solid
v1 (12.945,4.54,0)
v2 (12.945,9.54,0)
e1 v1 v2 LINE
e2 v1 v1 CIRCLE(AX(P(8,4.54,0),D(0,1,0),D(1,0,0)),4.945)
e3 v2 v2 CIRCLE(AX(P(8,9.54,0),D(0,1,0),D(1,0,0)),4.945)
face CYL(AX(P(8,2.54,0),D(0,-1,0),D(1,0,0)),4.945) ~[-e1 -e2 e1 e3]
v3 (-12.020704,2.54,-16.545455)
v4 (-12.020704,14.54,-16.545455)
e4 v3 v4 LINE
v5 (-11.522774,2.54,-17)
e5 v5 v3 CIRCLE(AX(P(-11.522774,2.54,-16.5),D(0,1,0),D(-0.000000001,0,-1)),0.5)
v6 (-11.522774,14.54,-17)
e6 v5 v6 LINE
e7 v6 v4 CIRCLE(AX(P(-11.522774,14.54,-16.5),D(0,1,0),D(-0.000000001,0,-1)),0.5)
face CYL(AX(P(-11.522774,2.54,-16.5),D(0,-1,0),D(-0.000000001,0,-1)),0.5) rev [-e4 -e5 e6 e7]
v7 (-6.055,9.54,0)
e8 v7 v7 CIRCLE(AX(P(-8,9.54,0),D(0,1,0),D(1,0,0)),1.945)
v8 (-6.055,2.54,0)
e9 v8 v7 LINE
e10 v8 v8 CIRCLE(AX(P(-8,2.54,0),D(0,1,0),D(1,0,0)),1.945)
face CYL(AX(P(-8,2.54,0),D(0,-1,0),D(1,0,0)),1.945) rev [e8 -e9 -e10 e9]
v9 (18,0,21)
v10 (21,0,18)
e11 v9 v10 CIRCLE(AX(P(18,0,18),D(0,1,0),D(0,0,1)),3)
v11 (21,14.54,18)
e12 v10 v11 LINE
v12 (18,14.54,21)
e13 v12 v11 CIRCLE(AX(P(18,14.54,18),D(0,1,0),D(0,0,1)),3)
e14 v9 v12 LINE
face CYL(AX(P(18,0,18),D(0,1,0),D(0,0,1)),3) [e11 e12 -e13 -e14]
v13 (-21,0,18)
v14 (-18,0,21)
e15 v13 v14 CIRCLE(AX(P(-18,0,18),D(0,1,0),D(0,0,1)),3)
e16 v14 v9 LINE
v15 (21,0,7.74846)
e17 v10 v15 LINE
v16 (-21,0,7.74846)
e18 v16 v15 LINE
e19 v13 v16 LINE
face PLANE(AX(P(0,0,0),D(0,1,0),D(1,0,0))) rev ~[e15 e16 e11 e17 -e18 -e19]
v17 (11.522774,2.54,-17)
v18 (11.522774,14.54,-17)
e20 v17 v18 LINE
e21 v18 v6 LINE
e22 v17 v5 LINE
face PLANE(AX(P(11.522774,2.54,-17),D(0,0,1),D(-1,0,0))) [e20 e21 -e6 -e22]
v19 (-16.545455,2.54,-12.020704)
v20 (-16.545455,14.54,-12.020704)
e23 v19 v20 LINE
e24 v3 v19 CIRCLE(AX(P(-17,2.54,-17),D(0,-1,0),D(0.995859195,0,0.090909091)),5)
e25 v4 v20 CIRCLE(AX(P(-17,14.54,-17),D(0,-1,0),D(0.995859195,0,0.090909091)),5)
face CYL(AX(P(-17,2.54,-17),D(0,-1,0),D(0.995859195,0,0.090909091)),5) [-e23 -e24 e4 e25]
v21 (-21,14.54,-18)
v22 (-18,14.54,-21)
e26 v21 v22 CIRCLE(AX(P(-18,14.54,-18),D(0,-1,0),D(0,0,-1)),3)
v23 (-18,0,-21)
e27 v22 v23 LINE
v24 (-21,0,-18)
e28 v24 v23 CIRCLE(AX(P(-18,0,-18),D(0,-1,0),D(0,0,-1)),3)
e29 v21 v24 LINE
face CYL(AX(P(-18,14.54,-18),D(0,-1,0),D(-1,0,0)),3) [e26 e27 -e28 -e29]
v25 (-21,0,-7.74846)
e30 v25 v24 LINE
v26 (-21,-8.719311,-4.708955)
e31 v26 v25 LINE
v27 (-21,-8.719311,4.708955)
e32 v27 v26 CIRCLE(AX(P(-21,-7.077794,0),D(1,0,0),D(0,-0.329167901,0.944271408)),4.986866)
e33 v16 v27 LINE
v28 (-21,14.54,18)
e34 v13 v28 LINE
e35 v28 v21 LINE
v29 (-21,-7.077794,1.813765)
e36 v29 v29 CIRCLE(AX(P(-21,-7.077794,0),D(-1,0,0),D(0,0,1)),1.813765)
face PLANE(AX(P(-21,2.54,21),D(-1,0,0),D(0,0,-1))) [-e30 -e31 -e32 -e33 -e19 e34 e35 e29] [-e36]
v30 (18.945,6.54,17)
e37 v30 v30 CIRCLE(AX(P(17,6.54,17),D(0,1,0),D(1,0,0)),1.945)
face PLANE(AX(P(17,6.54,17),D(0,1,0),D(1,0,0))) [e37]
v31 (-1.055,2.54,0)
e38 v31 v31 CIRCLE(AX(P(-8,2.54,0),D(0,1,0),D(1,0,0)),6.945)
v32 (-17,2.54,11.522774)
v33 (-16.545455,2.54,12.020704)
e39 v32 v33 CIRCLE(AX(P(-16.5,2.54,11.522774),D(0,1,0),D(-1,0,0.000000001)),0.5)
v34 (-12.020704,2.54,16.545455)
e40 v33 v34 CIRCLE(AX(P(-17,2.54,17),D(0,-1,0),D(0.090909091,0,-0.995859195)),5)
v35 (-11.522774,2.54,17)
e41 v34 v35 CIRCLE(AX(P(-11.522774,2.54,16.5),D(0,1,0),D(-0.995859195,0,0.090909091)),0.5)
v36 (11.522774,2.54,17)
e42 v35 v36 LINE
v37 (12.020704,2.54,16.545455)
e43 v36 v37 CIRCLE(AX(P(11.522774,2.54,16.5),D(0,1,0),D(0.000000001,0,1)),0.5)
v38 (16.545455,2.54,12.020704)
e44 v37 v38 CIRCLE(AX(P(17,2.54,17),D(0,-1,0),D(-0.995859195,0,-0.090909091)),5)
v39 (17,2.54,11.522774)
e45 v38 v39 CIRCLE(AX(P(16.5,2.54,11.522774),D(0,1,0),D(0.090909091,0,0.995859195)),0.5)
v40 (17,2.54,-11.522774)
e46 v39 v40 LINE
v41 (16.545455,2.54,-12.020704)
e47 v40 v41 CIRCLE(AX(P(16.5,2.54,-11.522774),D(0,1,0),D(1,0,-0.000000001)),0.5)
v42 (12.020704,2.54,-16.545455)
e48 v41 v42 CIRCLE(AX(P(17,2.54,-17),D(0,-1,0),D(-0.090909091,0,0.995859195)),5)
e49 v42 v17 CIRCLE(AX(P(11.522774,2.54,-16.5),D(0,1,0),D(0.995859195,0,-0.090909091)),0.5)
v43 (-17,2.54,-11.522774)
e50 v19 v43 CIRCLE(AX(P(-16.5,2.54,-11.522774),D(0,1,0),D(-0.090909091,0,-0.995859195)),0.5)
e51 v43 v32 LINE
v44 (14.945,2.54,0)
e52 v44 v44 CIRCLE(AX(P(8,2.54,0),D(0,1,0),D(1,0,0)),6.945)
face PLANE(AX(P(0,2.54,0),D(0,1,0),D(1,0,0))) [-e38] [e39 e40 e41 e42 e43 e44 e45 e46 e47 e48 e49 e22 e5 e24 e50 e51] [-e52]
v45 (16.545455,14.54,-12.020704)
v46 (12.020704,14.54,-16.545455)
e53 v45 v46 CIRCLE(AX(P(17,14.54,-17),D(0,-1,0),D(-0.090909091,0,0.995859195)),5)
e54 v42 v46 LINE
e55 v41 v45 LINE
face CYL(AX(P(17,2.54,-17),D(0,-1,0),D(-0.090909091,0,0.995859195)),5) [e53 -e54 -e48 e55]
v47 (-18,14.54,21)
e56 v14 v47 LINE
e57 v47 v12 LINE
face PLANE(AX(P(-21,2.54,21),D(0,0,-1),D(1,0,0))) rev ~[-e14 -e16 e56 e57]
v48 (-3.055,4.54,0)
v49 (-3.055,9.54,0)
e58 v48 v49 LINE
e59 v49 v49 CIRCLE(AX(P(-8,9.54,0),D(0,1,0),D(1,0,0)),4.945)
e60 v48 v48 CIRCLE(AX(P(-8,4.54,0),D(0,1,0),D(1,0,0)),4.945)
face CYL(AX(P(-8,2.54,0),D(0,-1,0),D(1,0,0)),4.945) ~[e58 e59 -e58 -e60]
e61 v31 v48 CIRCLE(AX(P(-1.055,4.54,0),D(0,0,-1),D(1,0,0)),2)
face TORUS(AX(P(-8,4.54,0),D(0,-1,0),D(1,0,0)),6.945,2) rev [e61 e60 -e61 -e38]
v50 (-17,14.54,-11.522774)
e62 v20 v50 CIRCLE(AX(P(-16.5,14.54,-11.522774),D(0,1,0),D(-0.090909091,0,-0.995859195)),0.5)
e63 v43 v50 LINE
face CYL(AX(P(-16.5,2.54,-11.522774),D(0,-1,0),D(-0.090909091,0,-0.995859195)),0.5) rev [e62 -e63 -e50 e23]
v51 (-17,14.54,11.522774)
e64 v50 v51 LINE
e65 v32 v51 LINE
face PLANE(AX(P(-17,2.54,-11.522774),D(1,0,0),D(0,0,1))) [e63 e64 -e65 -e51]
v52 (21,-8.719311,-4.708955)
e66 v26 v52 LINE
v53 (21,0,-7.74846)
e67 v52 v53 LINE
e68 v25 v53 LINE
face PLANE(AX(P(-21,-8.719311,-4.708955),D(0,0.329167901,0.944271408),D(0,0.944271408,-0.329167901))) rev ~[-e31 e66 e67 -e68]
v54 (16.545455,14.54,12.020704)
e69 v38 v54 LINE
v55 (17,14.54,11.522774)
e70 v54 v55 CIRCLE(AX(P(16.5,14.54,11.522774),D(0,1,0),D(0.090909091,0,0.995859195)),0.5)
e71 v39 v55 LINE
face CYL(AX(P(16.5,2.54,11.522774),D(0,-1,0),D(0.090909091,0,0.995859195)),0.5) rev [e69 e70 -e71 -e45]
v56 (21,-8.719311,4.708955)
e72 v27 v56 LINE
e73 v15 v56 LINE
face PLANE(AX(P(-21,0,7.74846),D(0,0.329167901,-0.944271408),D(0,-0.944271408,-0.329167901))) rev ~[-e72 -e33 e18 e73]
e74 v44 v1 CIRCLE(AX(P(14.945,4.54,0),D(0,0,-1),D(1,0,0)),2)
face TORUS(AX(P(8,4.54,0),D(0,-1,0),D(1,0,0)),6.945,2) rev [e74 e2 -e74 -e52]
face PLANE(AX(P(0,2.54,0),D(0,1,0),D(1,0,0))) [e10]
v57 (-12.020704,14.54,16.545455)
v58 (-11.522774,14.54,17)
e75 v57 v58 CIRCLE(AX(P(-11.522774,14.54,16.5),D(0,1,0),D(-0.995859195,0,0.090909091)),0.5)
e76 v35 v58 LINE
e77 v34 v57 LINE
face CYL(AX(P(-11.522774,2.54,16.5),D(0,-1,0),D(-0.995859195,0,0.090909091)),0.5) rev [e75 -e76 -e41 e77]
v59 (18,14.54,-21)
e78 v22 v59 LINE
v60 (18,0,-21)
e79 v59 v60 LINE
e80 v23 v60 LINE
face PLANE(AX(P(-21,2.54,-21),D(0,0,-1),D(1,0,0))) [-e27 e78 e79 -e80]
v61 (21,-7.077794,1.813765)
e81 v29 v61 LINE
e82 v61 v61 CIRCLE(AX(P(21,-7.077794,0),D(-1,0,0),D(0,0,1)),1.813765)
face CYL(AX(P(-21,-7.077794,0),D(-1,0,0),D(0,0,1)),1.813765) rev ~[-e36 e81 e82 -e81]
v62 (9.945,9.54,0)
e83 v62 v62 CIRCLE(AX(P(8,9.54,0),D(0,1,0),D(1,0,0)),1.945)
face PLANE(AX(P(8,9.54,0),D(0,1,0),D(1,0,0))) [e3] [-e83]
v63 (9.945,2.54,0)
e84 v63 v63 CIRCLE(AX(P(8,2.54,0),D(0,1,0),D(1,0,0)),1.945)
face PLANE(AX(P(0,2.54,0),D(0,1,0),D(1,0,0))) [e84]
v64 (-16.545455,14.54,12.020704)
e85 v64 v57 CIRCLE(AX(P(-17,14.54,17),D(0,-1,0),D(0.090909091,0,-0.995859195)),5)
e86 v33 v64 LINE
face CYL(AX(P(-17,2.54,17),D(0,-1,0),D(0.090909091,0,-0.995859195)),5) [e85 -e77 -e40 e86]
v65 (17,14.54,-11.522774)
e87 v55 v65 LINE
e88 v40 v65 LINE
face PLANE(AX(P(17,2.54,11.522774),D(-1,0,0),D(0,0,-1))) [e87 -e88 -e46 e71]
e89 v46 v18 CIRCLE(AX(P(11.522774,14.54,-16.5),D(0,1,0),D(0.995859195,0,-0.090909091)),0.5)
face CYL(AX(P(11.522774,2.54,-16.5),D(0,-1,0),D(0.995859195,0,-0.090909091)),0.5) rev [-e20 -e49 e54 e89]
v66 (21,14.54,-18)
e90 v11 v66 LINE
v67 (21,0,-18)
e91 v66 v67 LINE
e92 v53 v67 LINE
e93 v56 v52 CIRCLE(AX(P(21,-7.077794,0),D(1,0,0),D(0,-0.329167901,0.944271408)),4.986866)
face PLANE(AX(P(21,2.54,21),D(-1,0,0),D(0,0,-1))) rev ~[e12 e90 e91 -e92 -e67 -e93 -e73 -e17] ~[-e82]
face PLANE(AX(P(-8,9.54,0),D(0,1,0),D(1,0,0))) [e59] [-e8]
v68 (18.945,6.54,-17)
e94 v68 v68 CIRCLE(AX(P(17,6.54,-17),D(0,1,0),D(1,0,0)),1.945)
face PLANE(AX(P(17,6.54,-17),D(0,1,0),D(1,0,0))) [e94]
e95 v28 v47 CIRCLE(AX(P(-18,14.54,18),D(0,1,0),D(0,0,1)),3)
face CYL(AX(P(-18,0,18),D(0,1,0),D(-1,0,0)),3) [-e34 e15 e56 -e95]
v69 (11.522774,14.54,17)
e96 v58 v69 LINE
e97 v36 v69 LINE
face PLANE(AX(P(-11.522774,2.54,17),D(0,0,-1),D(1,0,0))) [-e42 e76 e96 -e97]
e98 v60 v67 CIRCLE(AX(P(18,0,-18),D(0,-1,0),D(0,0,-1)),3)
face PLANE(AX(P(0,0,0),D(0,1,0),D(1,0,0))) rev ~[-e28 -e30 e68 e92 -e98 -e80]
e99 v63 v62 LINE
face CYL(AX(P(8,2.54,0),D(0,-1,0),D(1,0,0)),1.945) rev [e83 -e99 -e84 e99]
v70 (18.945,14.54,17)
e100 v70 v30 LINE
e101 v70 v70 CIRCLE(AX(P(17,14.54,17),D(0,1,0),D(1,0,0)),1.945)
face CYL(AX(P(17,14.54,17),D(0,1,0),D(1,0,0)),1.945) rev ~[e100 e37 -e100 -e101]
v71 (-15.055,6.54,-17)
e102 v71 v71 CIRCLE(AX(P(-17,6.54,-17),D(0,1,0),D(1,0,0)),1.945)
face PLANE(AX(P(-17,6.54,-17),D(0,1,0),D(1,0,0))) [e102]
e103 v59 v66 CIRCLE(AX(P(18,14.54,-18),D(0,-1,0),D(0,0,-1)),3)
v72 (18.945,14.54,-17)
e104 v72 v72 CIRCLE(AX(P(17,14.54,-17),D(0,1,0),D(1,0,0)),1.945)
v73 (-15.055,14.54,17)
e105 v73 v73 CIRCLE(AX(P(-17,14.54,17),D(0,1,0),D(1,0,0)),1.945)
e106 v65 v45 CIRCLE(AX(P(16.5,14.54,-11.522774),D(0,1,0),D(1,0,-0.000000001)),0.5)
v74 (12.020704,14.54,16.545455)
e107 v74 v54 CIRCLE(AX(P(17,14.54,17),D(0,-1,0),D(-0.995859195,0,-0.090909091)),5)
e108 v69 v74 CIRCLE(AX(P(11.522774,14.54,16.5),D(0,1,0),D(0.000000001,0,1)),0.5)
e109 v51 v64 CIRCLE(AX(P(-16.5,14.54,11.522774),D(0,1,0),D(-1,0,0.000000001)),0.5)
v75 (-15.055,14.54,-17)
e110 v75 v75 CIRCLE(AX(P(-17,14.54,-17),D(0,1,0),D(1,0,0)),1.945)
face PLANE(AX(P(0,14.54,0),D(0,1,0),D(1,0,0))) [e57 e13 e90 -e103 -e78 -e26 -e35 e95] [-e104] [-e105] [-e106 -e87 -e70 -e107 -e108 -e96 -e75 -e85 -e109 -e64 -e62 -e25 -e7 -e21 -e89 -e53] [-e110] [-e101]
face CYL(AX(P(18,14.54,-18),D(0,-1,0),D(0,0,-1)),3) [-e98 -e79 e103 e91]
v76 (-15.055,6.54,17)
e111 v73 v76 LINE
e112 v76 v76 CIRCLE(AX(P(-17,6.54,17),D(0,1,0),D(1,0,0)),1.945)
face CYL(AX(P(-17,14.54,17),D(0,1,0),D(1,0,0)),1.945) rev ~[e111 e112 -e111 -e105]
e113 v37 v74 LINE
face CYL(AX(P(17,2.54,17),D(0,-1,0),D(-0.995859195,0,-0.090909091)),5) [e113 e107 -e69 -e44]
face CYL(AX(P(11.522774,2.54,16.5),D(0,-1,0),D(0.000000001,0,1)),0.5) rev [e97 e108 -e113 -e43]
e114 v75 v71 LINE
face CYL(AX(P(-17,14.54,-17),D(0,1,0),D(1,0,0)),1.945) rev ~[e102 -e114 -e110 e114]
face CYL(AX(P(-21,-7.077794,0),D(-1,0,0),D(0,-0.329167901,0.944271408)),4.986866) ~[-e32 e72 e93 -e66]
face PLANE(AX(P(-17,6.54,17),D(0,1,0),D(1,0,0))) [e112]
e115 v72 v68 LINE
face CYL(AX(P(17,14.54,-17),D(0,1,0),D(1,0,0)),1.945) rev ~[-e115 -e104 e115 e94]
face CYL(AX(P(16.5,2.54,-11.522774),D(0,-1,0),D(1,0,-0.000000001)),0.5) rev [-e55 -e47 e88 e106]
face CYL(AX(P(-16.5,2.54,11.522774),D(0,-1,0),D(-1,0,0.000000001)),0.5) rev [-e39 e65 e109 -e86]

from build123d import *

# Parameters (mm, degrees)
SKETCH1_W           = 42
SKETCH1_H           = 42
BOSS_EXTRUDE1_DEPTH = 2.54
SKETCH2_W           = 42
SKETCH2_H           = 42
BOSS_EXTRUDE2_DEPTH = 12
SKETCH4_R           = 1.813765306
BOSS_EXTRUDE4_DEPTH = 42
SKETCH9_R           = 4.945
SKETCH9_R_2         = 1.945
BOSS_EXTRUDE5_DEPTH = 7
SKETCH10_R          = 1.945
CUT_EXTRUDE1_DEPTH  = 8
FILLET1_R           = 3
FILLET3_R           = 2


with BuildPart() as part:
    # Sketch1 → Boss-Extrude1 (new body)
    with BuildSketch(Plane(origin=(0, 0, 0), x_dir=(1, 0, 0), z_dir=(0, 1, 0))):
        Rectangle(SKETCH1_W, SKETCH1_H)
    extrude(amount=BOSS_EXTRUDE1_DEPTH)

    # Sketch2 → Boss-Extrude2 (add)
    with BuildSketch(Plane(origin=(0, 2.54, 0), x_dir=(1, 0, 0), z_dir=(0, 1, 0))):
        Rectangle(SKETCH2_W, SKETCH2_H)
        with BuildLine():
            Line((-17, 11.522774425), (-17, -11.522774425))
            ThreePointArc((-17, -11.522774425), (-16.869274473, -11.859874356), (-16.545454545, -12.020704023))
            ThreePointArc((-16.545454545, -12.020704023), (-13.464466094, -13.464466094), (-12.020704023, -16.545454545))
            ThreePointArc((-12.020704023, -16.545454545), (-11.859874356, -16.869274473), (-11.522774425, -17))
            Line((-11.522774425, -17), (11.522774425, -17))
            ThreePointArc((11.522774425, -17), (11.859874356, -16.869274473), (12.020704023, -16.545454545))
            ThreePointArc((12.020704023, -16.545454545), (13.464466094, -13.464466094), (16.545454545, -12.020704023))
            ThreePointArc((16.545454545, -12.020704023), (16.869274473, -11.859874356), (17, -11.522774425))
            Line((17, -11.522774425), (17, 11.522774425))
            ThreePointArc((17, 11.522774425), (16.869274473, 11.859874356), (16.545454545, 12.020704023))
            ThreePointArc((16.545454545, 12.020704023), (13.464466094, 13.464466094), (12.020704023, 16.545454545))
            ThreePointArc((12.020704023, 16.545454545), (11.859874356, 16.869274473), (11.522774425, 17))
            Line((11.522774425, 17), (-11.522774425, 17))
            ThreePointArc((-11.522774425, 17), (-11.859874356, 16.869274473), (-12.020704023, 16.545454545))
            ThreePointArc((-12.020704023, 16.545454545), (-13.464466094, 13.464466094), (-16.545454545, 12.020704023))
            ThreePointArc((-16.545454545, 12.020704023), (-16.869274473, 11.859874356), (-17, 11.522774425))
        make_face(mode=Mode.SUBTRACT)
    extrude(amount=BOSS_EXTRUDE2_DEPTH)

    # Sketch4 → Boss-Extrude4 (add)
    with BuildSketch(Plane.ZY.offset(21)):
        with BuildLine():
            Line((7.748459825, 0), (4.708955343, -8.719310622))
            ThreePointArc((4.708955343, -8.719310622), (0, -12.064660663), (-4.708955343, -8.719310622))
            Line((-4.708955343, -8.719310622), (-7.748459825, 0))
            Line((-7.748459825, 0), (7.748459825, 0))
        make_face()
        with Locations((0, -7.077794281)):
            Circle(SKETCH4_R, mode=Mode.SUBTRACT)
    extrude(amount=-BOSS_EXTRUDE4_DEPTH)

    # Sketch9 → Boss-Extrude5 (add)
    with BuildSketch(Plane(origin=(0, 2.54, 0), x_dir=(1, 0, 0), z_dir=(0, 1, 0))):
        with Locations((8, 0)):
            Circle(SKETCH9_R)
        with Locations((8, 0)):
            Circle(SKETCH9_R_2, mode=Mode.SUBTRACT)
        with Locations((-8, 0)):
            Circle(SKETCH9_R)
        with Locations((-8, 0)):
            Circle(SKETCH9_R_2, mode=Mode.SUBTRACT)
    extrude(amount=BOSS_EXTRUDE5_DEPTH)

    # Sketch10 → Cut-Extrude1 (cut)
    with BuildSketch(Plane(origin=(0, 14.54, 0), x_dir=(1, 0, 0), z_dir=(0, 1, 0))):
        with Locations((-17, 17)):
            Circle(SKETCH10_R)
        with Locations((17, 17)):
            Circle(SKETCH10_R)
        with Locations((-17, -17)):
            Circle(SKETCH10_R)
        with Locations((17, -17)):
            Circle(SKETCH10_R)
    extrude(amount=-CUT_EXTRUDE1_DEPTH, mode=Mode.SUBTRACT)

    # Fillet1
    fillet1_edges = [part.edges().sort_by_distance(p)[0] for p in [
        (21, 7.27, 21),
        (-21, 7.27, 21),
        (-21, 7.27, -21),
        (21, 7.27, -21),
    ]]
    fillet(fillet1_edges, radius=FILLET1_R)

    # Fillet3
    fillet3_edges = [part.edges().sort_by_distance(p)[0] for p in [
        (3.055, 2.54, 0),
        (-12.945, 2.54, 0),
    ]]
    fillet(fillet3_edges, radius=FILLET3_R)


solid = part.part
